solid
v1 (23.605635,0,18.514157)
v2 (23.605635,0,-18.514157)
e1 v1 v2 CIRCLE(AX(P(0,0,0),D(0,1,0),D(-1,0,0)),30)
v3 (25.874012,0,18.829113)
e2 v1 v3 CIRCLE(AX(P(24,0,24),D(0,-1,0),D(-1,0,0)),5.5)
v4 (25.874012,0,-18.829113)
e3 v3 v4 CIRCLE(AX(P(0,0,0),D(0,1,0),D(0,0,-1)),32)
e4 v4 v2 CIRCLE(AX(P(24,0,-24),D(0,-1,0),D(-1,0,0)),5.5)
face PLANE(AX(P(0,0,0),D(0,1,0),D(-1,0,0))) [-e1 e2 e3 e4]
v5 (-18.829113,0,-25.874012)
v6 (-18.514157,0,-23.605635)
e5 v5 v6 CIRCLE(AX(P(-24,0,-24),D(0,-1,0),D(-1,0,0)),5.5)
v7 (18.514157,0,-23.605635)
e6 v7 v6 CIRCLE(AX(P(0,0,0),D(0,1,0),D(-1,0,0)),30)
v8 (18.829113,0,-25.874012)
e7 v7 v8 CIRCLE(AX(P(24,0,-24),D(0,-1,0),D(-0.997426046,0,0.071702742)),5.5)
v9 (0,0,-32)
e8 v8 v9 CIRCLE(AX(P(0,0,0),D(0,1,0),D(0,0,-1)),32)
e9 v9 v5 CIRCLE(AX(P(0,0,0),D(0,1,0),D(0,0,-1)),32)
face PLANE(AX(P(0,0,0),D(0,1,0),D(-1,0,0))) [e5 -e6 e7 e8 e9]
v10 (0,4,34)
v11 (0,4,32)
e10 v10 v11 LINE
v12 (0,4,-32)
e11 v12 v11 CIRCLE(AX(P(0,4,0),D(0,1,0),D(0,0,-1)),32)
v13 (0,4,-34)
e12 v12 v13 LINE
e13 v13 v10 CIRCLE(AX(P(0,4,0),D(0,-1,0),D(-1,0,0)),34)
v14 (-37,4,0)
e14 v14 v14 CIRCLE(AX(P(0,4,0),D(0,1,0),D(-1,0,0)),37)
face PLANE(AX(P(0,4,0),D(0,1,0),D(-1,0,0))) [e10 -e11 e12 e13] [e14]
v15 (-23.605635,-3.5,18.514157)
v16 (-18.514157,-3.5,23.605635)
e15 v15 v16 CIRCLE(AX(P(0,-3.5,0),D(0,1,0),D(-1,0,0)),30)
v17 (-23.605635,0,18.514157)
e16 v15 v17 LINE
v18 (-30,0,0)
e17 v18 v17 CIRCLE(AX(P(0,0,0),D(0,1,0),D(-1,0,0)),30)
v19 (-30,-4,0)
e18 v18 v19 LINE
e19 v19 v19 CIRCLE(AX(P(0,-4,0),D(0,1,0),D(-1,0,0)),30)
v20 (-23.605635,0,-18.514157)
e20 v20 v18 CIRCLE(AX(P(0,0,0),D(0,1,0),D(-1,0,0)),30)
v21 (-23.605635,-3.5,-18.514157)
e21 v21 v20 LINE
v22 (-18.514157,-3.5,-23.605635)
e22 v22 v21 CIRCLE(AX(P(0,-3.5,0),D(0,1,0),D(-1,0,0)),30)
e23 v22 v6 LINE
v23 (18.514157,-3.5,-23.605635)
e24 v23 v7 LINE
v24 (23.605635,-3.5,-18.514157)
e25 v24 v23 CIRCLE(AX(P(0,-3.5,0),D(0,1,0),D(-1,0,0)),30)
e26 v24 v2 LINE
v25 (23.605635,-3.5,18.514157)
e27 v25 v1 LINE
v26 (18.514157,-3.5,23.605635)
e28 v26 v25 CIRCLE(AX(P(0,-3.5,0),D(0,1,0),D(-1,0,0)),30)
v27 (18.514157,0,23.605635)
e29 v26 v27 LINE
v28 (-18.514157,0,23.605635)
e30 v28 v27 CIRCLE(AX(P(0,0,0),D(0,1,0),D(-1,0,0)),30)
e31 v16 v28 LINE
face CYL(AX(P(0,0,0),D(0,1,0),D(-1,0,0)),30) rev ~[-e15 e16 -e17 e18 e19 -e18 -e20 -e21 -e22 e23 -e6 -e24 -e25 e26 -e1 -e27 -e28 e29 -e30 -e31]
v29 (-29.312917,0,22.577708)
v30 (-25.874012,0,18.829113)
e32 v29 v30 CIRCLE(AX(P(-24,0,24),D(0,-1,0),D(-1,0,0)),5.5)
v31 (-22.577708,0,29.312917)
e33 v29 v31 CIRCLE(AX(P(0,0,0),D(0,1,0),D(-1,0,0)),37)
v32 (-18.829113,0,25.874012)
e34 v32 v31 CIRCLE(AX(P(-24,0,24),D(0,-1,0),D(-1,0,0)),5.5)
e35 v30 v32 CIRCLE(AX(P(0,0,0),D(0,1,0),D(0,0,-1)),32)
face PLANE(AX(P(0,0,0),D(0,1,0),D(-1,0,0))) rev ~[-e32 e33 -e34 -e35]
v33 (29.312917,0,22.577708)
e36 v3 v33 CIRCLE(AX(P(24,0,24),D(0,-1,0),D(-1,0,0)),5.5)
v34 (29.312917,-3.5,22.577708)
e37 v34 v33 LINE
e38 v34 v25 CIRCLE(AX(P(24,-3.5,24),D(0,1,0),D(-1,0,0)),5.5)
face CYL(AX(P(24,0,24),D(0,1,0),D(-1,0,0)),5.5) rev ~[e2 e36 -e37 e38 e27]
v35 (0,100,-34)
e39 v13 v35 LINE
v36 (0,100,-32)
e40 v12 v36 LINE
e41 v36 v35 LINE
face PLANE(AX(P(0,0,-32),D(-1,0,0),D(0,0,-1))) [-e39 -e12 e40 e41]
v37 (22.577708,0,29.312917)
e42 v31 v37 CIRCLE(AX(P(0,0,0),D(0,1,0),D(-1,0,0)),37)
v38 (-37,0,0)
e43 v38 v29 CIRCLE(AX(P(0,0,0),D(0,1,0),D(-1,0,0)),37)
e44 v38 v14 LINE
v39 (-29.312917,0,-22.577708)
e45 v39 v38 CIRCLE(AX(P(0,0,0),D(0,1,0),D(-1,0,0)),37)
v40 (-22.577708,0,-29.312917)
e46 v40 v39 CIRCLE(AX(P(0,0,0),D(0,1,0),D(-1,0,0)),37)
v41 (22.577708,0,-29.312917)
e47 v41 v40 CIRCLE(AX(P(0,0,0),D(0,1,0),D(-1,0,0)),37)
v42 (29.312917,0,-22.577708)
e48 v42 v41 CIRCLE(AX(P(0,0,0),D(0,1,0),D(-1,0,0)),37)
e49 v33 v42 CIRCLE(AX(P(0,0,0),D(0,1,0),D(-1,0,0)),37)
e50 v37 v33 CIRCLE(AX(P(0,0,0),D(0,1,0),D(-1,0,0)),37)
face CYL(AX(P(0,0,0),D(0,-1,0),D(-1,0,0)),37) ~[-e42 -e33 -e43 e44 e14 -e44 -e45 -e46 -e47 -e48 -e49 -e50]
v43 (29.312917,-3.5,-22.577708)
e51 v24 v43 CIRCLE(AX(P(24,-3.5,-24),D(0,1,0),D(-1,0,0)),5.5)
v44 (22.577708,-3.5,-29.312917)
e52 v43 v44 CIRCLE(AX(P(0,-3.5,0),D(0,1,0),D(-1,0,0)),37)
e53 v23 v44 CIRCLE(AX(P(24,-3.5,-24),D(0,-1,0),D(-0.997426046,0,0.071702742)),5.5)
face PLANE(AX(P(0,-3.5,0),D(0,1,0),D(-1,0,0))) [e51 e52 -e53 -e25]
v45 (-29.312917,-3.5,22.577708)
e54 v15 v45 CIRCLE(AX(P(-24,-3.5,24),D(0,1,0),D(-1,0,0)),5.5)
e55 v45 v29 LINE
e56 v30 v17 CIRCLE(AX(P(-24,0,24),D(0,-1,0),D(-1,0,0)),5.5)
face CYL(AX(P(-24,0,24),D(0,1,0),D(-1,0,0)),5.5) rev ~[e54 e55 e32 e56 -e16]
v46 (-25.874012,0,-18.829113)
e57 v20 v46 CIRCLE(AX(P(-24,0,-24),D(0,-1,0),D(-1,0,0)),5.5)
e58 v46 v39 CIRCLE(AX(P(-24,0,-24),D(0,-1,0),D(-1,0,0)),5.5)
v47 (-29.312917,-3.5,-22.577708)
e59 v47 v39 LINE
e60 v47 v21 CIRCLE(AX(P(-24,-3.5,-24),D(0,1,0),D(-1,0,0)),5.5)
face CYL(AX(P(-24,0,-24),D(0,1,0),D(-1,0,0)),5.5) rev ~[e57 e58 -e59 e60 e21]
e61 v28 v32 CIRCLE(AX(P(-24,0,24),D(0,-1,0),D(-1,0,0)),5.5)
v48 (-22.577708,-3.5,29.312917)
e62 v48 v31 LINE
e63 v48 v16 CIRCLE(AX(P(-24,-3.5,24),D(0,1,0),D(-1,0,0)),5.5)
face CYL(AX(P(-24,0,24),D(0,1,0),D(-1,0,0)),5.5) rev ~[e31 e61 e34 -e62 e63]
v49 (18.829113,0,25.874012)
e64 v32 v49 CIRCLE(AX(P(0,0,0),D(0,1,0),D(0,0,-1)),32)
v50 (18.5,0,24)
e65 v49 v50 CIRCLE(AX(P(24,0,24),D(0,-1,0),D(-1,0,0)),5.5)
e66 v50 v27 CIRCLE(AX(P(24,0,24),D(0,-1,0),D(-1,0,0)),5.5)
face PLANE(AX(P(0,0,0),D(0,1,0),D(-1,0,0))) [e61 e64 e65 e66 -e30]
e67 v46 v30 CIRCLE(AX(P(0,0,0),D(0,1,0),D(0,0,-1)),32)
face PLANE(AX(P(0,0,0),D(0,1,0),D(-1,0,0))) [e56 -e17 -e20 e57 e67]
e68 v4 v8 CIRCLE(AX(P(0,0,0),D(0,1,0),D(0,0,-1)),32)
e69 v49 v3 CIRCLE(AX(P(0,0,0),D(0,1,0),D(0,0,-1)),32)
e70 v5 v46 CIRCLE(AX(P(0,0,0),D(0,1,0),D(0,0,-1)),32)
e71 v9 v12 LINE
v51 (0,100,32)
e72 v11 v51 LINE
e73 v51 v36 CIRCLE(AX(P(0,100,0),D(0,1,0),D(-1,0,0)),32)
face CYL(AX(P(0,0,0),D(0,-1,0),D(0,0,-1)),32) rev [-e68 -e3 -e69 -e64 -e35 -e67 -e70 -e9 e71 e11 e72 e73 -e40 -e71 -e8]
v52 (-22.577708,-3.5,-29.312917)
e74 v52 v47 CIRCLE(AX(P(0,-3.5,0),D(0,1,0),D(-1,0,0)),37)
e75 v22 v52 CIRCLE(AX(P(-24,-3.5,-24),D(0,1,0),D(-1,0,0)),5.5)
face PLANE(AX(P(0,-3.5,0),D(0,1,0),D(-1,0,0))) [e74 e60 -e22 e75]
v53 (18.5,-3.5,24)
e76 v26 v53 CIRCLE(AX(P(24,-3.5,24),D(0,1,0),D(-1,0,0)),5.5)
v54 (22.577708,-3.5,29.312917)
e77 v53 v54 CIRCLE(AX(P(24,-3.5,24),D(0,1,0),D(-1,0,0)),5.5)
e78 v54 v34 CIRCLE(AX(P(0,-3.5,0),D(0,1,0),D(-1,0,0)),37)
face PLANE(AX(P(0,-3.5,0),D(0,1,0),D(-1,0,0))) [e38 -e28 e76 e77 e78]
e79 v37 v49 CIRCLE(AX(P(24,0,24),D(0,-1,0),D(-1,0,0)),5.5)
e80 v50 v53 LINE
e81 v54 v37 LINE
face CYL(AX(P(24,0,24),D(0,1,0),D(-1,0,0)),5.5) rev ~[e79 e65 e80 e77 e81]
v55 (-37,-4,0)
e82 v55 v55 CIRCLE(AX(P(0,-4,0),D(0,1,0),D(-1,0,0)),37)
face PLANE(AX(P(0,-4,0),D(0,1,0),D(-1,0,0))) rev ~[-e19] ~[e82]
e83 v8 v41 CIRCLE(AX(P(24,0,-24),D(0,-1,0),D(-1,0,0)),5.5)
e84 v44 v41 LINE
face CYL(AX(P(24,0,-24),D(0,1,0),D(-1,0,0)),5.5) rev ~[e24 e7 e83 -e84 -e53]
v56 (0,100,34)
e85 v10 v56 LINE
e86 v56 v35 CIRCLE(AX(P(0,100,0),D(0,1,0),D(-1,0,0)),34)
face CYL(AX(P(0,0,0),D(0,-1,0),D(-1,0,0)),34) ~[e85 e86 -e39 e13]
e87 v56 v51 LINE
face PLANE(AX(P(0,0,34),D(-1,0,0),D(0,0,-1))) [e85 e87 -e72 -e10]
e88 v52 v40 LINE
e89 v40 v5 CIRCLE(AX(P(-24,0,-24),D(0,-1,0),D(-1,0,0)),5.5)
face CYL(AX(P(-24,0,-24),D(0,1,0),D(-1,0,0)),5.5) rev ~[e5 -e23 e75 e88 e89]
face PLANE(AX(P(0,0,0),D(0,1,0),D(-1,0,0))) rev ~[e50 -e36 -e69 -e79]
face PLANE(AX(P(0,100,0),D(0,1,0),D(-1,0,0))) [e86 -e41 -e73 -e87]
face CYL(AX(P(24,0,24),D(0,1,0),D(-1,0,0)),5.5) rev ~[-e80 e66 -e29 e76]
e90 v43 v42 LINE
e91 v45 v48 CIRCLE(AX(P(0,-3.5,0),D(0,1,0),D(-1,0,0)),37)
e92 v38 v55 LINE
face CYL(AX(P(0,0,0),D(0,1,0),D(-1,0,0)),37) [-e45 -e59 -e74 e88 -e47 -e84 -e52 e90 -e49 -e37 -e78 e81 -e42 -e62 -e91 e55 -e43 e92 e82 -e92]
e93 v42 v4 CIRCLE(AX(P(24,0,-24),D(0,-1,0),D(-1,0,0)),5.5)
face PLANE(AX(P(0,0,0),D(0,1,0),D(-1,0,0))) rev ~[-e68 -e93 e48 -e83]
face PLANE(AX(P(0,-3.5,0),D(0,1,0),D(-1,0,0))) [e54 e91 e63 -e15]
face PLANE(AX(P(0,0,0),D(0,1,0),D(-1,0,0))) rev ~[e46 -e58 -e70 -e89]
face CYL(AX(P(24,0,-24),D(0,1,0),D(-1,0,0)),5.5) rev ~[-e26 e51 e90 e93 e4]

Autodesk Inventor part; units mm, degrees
ref_plane "YZ Plane" through (0, 0, 0) normal (1, 0, 0) x (0, 1, 0)
ref_plane "XZ Plane" through (0, 0, 0) normal (0, 1, 0) x (-1, 0, 0)
ref_plane "XY Plane" through (0, 0, 0) normal (0, 0, 1) x (1, 0, 0)
sketch "Sketch1" plane through (0, 0, 0) normal (0, 1, 0) x (-1, 0, 0)
  circle A0 centre (0, 0) radius 32
  circle A1 centre (0, 0) radius 34
  circle A2 centre (0, 0) radius 30
  line L0 (0, 34) -> (0, 32)
  line L1 (0, -32) -> (0, -34)
  dimension "d0" = 64
  dimension "d1" = 2
  dimension "d2" = 2
extrude "Extrusion1" add sketch "Sketch1" along normal blind 100 contours A0 L1 A1 L0 picked at (-2.7122, -33.004)
sketch "Sketch2" plane through (0, 0, 0) normal (0, 1, 0) x (-1, 0, 0)
  circle A0 centre (0, 0) radius 30 projected
  circle A1 centre (0, 0) radius 32 projected
extrude "Extrusion2" add sketch "Sketch2" against normal blind 4
sketch "Sketch3" plane through (0, 0, 0) normal (0, 1, 0) x (-1, 0, 0)
  circle A0 centre (0, 0) radius 37
  arc A1 (0, -32) -> (0, 32) centre (0, 0) ccw projected
  circle A2 centre (0, 0) radius 30 projected
  circle A3 centre (0, 0) radius 32
  point P0 (0, 32)
  dimension "d7" = 74
extrude "Extrusion3" add sketch "Sketch3" along normal mid plane 8 contours A0
sketch "Sketch4" plane through (0, 0, 0) normal (0, 1, 0) x (-1, 0, 0)
  circle A0 centre (24, 24) radius 5.5
  circle A1 centre (0, 0) radius 30 projected
  line L0 (48.965, 0) -> (-22.6719, 0) construction
  circle A2 centre (0, 0) radius 37 projected
  line L1 (24, 24) -> (0, 0) construction
  circle A3 centre (-24, 24) radius 5.5
  circle A4 centre (-24, -24) radius 5.5
  circle A5 centre (24, -24) radius 5.5
  point P0 (22.5777, 29.3129)
  point P1 (29.3129, 22.5777)
  dimension "d10" = 11
  dimension "d11" = 45
  dimension "d16" = 24
  dimension "d19" = 360
extrude "Extrusion6" cut sketch "Sketch4" against normal blind 3.5 contours A0 A2 | A2 A0 A1 | A1 A0 | A3 A1 A2 | A2 A3 | A3 A1 | A5 A2 | A2 A5 A1 | A4 A1 A2 | A2 A4 | A1 A5 | A4 A1
properties part number "Kessil holder"
